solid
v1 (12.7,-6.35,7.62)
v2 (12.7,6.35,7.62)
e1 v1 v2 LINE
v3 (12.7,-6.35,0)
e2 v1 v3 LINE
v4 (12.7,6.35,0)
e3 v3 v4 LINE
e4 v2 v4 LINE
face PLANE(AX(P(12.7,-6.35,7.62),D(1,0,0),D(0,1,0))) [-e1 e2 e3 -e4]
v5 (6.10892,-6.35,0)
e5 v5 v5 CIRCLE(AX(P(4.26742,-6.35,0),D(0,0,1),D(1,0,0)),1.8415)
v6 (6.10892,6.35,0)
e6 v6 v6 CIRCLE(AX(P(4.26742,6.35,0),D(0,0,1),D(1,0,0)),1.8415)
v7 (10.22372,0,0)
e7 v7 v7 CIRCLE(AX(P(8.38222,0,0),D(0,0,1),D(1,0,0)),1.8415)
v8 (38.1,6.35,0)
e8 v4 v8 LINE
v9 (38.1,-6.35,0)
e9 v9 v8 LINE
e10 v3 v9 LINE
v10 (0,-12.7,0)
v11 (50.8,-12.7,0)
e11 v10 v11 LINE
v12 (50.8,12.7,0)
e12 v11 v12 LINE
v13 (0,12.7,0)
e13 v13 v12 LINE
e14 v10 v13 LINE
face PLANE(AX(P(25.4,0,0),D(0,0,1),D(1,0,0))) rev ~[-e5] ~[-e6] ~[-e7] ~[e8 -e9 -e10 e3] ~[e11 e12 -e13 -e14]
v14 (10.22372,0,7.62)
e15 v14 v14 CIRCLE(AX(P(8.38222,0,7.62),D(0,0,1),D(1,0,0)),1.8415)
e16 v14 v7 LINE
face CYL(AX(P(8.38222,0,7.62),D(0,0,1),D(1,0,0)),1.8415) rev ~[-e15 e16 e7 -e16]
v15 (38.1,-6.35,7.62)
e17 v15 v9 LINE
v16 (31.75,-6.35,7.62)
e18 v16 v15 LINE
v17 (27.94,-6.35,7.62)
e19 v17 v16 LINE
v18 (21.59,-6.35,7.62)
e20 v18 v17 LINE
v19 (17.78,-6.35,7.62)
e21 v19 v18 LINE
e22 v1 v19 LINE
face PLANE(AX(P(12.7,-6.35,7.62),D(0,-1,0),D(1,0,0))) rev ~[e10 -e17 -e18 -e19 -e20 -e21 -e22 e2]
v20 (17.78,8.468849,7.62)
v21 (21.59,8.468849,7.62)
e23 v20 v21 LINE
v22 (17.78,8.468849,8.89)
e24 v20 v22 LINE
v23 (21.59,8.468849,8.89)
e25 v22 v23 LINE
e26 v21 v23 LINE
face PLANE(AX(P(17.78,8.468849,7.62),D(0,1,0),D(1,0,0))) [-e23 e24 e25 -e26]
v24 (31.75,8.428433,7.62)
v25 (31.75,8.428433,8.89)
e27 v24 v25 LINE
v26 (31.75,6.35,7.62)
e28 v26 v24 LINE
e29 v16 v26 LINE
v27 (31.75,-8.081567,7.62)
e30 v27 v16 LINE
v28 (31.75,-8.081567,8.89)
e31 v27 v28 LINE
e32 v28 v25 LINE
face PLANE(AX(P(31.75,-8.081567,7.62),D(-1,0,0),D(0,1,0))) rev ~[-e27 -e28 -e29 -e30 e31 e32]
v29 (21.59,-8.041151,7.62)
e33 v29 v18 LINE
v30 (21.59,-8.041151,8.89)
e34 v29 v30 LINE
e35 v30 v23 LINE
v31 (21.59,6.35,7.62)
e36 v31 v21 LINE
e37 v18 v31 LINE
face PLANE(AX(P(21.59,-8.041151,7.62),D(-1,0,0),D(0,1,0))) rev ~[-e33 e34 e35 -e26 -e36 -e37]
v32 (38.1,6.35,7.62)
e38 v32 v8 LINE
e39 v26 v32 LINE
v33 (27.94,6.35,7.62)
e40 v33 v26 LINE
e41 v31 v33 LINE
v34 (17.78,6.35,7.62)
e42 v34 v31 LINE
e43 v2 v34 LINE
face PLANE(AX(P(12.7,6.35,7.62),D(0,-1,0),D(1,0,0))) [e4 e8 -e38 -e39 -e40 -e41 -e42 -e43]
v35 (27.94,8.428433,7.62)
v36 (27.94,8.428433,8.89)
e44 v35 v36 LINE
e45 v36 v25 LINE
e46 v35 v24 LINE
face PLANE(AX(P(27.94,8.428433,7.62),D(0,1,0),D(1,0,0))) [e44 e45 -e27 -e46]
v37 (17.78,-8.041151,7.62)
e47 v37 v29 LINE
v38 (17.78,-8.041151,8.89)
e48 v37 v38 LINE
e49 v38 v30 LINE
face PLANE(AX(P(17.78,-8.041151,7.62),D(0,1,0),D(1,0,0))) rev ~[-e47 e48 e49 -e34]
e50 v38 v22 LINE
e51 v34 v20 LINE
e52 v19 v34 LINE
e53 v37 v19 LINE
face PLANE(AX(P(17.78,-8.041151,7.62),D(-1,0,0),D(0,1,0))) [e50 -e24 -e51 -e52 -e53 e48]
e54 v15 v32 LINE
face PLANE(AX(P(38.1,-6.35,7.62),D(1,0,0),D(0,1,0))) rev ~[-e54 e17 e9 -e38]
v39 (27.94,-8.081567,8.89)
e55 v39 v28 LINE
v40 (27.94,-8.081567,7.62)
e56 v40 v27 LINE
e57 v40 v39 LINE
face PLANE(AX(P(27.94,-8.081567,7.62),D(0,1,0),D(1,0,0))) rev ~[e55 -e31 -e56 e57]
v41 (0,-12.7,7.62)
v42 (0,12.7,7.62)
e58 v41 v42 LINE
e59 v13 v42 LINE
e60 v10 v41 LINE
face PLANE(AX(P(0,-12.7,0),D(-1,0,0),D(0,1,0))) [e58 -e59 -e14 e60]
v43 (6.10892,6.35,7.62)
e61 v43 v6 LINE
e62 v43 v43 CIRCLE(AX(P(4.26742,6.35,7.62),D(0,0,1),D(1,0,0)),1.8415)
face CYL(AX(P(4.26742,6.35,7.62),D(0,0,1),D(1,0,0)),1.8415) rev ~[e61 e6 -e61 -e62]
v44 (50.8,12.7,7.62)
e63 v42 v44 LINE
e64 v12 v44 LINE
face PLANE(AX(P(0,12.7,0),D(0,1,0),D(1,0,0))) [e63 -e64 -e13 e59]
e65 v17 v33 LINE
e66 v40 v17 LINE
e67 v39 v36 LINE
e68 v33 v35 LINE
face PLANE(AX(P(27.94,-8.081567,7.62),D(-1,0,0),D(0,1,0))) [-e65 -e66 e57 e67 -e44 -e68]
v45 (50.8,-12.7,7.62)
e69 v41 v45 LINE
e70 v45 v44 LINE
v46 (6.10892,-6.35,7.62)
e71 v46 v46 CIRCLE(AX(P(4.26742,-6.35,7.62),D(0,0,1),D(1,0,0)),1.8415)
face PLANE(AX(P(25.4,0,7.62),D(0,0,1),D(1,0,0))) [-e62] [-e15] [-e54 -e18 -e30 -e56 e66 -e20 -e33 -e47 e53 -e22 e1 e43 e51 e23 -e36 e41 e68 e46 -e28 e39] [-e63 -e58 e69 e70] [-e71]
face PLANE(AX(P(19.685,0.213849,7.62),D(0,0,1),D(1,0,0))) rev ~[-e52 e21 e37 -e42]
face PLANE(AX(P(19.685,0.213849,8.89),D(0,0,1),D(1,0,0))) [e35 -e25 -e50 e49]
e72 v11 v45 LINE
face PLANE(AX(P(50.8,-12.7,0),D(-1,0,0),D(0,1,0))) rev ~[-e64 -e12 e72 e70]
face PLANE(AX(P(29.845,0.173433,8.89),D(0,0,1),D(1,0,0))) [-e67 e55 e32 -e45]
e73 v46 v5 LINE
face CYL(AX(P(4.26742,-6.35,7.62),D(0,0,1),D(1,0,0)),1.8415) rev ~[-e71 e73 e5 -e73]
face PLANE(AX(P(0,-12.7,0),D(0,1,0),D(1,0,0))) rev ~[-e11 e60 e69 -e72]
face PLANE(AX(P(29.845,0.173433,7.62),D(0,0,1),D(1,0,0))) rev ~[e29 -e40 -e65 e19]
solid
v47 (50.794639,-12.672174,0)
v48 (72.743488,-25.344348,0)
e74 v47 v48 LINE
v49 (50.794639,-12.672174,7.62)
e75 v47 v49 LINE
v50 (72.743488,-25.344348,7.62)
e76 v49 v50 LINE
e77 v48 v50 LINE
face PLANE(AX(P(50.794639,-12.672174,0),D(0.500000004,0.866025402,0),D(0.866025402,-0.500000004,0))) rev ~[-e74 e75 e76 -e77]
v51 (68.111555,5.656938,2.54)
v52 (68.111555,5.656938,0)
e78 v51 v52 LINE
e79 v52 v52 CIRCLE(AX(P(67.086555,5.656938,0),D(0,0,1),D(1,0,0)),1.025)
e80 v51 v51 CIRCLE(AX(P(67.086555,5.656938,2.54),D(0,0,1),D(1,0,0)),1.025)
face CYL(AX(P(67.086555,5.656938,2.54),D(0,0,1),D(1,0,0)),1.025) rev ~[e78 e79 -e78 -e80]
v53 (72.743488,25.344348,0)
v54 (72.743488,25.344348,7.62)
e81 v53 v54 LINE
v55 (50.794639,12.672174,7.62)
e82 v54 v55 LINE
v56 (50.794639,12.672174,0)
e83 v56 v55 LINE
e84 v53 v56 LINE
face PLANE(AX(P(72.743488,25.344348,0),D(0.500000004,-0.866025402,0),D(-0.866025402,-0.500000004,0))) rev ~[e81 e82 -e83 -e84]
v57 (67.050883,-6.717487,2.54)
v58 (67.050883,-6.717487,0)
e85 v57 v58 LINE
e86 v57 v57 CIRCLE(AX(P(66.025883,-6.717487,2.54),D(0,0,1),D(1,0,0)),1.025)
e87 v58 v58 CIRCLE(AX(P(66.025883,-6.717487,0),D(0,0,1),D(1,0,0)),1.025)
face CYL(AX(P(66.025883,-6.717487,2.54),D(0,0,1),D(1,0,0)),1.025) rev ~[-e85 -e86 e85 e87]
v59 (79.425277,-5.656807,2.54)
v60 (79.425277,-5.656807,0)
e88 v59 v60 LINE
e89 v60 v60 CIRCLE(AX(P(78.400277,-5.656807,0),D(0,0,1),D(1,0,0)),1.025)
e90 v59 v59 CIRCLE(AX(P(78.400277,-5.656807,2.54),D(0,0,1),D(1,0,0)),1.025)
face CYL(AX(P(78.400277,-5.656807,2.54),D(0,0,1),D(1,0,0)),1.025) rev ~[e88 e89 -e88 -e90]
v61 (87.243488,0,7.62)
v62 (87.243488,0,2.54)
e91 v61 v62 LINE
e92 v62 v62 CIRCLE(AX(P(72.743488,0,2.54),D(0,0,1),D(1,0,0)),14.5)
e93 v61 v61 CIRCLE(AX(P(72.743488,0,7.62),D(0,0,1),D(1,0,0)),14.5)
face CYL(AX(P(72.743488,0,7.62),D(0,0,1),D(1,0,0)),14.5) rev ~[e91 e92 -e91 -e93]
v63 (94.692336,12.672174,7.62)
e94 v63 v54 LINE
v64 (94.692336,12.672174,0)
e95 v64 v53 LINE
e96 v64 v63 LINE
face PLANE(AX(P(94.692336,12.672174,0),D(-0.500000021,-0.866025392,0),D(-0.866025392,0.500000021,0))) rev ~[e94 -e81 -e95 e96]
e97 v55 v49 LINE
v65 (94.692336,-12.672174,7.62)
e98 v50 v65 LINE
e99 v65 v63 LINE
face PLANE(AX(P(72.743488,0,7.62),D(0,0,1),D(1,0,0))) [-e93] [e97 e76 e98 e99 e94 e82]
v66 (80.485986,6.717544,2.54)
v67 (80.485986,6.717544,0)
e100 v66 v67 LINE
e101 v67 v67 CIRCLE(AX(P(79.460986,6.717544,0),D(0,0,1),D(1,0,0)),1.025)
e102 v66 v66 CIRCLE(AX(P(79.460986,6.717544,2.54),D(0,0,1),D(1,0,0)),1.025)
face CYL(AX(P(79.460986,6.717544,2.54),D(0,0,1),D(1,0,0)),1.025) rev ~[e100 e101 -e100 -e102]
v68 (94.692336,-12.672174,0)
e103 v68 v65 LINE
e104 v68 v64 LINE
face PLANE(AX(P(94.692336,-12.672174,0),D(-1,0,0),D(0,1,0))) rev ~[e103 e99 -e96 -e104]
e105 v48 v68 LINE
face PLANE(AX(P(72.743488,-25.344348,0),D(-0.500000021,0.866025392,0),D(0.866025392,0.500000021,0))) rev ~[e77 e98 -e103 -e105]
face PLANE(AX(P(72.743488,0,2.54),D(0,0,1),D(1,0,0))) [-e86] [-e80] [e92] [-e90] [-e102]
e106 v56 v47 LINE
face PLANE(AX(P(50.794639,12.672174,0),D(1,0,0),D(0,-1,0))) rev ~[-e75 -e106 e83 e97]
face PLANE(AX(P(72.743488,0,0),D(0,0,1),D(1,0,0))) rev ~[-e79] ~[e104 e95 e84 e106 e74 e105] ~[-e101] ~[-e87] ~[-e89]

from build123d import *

# Parameters (mm, degrees)
F0_W      = 50.8
F0_H      = 25.4
F1_DEPTH  = 7.62
F3_DEPTH  = 7.62
F4_W      = 25.4
F4_H      = 12.7
F5_DEPTH  = 7.621
F6_R      = 14.5
F7_DEPTH  = 5.08
F9_R      = 1.025
F13_DEPTH = 2.541
F10_R     = 1.025
F14_DEPTH = 2.541
F11_R     = 1.025
F15_DEPTH = 2.541
F12_R     = 1.025
F16_DEPTH = 2.541
F17_W     = 3.81
F17_H     = 16.51
F18_DEPTH = 1.27
F19_R     = 1.8415
F20_DEPTH = 7.621


with BuildPart() as f1:
    # F0 (on Top) → F1 (new body)
    with BuildSketch(Plane.XY):
        with Locations((25.4, 0)):
            Rectangle(F0_W, F0_H)
    extrude(amount=F1_DEPTH)

    # F4 (on face) → F5 (cut, through all)
    with BuildSketch(Plane.XY.offset(7.62)):
        with Locations((25.4, 0)):
            Rectangle(F4_W, F4_H)
    extrude(amount=-F5_DEPTH, mode=Mode.SUBTRACT)

    # F17 (on face) → F18 (join)
    with BuildSketch(Plane.XY.offset(7.62)):
        with Locations((19.685, 0.213849)):
            Rectangle(F17_W, F17_H)
        with Locations((29.845, 0.173433)):
            Rectangle(F17_W, F17_H)
    extrude(amount=F18_DEPTH)

    # F19 (on face) → F20 (cut, through all)
    with BuildSketch(Plane.XY.offset(7.62)):
        with Locations((4.26742, 6.35)):
            Circle(F19_R)
        with Locations((4.26742, -6.35)):
            Circle(F19_R)
        with Locations((8.38222, 0)):
            Circle(F19_R)
    extrude(amount=-F20_DEPTH, mode=Mode.SUBTRACT)


with BuildPart() as f3:
    # F2 (on Top) → F3 (new body)
    with BuildSketch(Plane.XY):
        Polygon((94.692336, -12.672174), (94.692336, 12.672174), (72.743488, 25.344348), (50.794639, 12.672174), (50.794639, -12.672174), (72.743488, -25.344348), align=None)
    extrude(amount=F3_DEPTH)

    # F6 (on face) → F7 (cut)
    with BuildSketch(Plane.XY.offset(7.62)):
        with Locations((72.743488, 0)):
            Circle(F6_R)
    extrude(amount=-F7_DEPTH, mode=Mode.SUBTRACT)

    # F9 (on face) → F13 (cut, through all)
    with BuildSketch(Plane.XY.offset(2.54)):
        with Locations((67.086555, 5.656938)):
            Circle(F9_R)
    extrude(amount=-F13_DEPTH, mode=Mode.SUBTRACT)

    # F10 (on face) → F14 (cut, through all)
    with BuildSketch(Plane.XY.offset(2.54)):
        with Locations((79.460986, 6.717544)):
            Circle(F10_R)
    extrude(amount=-F14_DEPTH, mode=Mode.SUBTRACT)

    # F11 (on face) → F15 (cut, through all)
    with BuildSketch(Plane.XY.offset(2.54)):
        with Locations((78.400277, -5.656807)):
            Circle(F11_R)
    extrude(amount=-F15_DEPTH, mode=Mode.SUBTRACT)

    # F12 (on face) → F16 (cut, through all)
    with BuildSketch(Plane.XY.offset(2.54)):
        with Locations((66.025883, -6.717487)):
            Circle(F12_R)
    extrude(amount=-F16_DEPTH, mode=Mode.SUBTRACT)


solid = Compound([f1.part, f3.part])
